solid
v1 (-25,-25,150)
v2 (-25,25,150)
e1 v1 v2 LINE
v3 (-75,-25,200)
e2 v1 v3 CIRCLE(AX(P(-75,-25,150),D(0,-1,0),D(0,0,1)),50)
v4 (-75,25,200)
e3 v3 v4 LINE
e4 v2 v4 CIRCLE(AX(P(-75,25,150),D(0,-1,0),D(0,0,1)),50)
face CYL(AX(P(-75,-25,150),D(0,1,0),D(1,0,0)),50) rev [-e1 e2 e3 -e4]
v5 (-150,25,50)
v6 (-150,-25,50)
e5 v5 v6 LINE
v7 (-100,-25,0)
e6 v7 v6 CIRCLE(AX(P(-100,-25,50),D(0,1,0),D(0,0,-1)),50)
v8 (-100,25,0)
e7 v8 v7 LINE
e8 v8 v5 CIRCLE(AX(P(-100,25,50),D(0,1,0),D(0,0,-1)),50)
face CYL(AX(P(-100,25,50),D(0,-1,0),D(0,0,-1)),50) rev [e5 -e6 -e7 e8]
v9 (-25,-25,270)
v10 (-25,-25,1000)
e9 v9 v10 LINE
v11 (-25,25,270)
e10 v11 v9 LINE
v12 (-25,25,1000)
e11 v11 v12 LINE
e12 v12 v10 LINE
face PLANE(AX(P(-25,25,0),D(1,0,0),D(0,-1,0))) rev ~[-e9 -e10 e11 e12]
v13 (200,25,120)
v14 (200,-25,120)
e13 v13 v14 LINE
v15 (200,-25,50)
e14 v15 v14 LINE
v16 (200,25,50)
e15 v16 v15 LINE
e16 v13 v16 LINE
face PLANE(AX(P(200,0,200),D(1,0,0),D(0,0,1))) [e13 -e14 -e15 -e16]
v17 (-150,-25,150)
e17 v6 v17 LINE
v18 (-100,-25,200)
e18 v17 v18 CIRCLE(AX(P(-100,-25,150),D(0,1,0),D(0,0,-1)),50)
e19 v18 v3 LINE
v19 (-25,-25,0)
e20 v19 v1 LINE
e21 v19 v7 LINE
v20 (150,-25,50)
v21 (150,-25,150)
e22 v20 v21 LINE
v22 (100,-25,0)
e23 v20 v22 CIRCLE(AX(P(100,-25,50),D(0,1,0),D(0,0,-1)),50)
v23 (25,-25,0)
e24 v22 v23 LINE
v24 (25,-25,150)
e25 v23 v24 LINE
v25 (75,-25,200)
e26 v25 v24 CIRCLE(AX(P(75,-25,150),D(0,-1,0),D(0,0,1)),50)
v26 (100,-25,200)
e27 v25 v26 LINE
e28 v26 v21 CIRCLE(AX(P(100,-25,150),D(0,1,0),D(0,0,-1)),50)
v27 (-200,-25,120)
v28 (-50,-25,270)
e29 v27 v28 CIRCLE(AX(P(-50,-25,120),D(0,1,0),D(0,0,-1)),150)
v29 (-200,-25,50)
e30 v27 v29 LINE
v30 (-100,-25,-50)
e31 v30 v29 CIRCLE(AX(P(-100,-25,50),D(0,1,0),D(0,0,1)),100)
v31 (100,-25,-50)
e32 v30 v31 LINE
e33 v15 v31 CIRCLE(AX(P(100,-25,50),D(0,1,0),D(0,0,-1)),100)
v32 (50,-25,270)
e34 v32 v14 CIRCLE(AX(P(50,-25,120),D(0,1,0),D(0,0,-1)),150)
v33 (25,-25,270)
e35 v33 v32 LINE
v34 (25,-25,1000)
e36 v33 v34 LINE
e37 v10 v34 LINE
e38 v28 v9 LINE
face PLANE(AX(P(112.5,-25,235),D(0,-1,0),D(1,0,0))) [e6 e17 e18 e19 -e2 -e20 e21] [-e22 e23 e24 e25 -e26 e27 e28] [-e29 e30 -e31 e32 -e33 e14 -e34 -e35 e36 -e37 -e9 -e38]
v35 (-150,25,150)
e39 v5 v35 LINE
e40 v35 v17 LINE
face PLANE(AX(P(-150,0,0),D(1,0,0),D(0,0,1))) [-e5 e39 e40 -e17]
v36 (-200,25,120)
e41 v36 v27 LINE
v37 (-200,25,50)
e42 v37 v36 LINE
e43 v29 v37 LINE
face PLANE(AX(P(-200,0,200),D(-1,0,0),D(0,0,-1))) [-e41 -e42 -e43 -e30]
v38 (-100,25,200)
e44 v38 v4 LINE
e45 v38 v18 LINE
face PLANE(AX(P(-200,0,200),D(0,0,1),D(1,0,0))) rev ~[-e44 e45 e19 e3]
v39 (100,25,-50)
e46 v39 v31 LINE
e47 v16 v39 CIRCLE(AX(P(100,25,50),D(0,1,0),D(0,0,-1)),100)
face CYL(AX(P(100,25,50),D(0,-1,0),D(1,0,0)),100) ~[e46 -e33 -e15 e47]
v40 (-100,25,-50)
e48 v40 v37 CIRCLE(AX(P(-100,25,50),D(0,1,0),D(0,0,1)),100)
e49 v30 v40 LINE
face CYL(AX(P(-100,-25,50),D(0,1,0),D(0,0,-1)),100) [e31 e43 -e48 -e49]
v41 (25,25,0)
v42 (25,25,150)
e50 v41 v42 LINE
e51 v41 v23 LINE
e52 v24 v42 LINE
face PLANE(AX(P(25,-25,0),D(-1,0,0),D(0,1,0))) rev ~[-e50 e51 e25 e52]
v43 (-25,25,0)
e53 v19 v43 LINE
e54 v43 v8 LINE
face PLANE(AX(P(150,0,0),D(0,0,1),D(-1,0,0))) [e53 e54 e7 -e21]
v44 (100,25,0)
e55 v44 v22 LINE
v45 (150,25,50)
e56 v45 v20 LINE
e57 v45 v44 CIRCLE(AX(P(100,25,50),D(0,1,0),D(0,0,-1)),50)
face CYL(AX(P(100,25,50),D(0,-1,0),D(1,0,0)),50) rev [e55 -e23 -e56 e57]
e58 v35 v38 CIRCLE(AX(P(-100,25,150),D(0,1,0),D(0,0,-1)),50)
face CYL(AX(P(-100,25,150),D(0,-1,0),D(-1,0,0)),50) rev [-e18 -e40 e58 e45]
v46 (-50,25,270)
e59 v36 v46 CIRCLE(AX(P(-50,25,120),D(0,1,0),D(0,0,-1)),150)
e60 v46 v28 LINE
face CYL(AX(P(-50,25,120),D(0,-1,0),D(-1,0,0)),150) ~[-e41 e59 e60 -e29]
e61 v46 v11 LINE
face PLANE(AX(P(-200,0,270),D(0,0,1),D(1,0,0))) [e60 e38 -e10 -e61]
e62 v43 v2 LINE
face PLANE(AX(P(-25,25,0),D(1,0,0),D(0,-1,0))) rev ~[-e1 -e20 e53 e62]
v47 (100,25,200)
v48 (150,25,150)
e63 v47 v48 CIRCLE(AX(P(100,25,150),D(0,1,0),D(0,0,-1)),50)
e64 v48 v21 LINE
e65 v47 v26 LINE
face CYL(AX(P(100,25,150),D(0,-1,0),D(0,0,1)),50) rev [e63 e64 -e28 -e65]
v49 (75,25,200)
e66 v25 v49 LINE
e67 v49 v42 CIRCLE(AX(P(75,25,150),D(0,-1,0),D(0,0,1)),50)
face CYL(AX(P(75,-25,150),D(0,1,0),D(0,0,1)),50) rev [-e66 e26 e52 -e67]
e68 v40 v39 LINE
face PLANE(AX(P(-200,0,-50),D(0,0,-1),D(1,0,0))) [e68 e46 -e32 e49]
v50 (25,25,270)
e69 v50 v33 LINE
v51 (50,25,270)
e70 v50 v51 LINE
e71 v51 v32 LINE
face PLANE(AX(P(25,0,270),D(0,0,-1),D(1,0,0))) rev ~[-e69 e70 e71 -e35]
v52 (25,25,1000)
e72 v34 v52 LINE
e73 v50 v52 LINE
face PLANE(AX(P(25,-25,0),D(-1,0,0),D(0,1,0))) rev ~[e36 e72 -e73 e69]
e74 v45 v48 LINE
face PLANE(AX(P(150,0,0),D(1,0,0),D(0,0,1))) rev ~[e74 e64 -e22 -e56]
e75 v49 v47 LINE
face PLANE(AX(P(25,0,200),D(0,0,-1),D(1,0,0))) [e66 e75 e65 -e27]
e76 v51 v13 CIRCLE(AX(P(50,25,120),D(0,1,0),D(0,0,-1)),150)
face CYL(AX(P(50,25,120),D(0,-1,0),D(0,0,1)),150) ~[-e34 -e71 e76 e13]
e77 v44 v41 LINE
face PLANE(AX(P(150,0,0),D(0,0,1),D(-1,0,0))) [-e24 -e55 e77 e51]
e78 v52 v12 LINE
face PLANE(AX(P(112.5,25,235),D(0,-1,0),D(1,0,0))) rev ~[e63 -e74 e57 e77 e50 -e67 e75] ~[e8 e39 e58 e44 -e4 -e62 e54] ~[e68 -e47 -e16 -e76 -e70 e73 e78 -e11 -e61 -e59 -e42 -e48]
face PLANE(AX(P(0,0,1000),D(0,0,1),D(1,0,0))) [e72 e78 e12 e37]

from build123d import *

# Parameters (mm, degrees)
F1_DEPTH      = 1000
F2_W          = 50
F2_H          = 200
F3_DEPTH      = 25
F3_DEPTH_BACK = 25
F4_W          = 175
F4_H          = 70
F5_DEPTH      = 25
F5_DEPTH_BACK = 25
F6_R          = 150
F7_R          = 100
F8_R          = 50


with BuildPart() as f1:
    # F0 (on Top) → F1 (new body)
    with BuildSketch(Plane.XY):
        Polygon((-25, 0), (-25, -25), (25, -25), (25, 25), (-25, 25), align=None)
    extrude(amount=F1_DEPTH)

    # F2 (on Front) → F3 (join, two sides)
    with BuildSketch(Plane.XZ) as f3_sk:
        Polygon((0, -50), (0, 0), (-150, 0), (-200, 0), (-200, -50), align=None)
        Polygon((150, 0), (0, 0), (0, -50), (200, -50), (200, 0), align=None)
        with Locations((-175, 100)):
            Rectangle(F2_W, F2_H)
        with Locations((175, 100)):
            Rectangle(F2_W, F2_H)
    extrude(amount=F3_DEPTH)
    extrude(f3_sk.sketch, amount=-F3_DEPTH_BACK)

    # F4 (on Front) → F5 (join, two sides)
    with BuildSketch(Plane.XZ) as f5_sk:
        with Locations((112.5, 235)):
            Rectangle(F4_W, F4_H)
        with Locations((-112.5, 235)):
            Rectangle(F4_W, F4_H)
    extrude(amount=F5_DEPTH)
    extrude(f5_sk.sketch, amount=-F5_DEPTH_BACK)

    # F6
    f6_edges = [f1.edges().sort_by_distance(p)[0] for p in [
        (200, 0, 270),
        (-200, 0, 270),
    ]]
    fillet(f6_edges, radius=F6_R)

    # F7
    f7_edges = [f1.edges().sort_by_distance(p)[0] for p in [
        (-200, 0, -50),
        (200, 0, -50),
    ]]
    fillet(f7_edges, radius=F7_R)

    # F8
    f8_edges = [f1.edges().sort_by_distance(p)[0] for p in [
        (-25, 0, 200),
        (25, 0, 200),
        (-150, 0, 200),
        (150, 0, 200),
        (-150, 0, 0),
        (150, 0, 0),
    ]]
    fillet(f8_edges, radius=F8_R)


solid = f1.part
